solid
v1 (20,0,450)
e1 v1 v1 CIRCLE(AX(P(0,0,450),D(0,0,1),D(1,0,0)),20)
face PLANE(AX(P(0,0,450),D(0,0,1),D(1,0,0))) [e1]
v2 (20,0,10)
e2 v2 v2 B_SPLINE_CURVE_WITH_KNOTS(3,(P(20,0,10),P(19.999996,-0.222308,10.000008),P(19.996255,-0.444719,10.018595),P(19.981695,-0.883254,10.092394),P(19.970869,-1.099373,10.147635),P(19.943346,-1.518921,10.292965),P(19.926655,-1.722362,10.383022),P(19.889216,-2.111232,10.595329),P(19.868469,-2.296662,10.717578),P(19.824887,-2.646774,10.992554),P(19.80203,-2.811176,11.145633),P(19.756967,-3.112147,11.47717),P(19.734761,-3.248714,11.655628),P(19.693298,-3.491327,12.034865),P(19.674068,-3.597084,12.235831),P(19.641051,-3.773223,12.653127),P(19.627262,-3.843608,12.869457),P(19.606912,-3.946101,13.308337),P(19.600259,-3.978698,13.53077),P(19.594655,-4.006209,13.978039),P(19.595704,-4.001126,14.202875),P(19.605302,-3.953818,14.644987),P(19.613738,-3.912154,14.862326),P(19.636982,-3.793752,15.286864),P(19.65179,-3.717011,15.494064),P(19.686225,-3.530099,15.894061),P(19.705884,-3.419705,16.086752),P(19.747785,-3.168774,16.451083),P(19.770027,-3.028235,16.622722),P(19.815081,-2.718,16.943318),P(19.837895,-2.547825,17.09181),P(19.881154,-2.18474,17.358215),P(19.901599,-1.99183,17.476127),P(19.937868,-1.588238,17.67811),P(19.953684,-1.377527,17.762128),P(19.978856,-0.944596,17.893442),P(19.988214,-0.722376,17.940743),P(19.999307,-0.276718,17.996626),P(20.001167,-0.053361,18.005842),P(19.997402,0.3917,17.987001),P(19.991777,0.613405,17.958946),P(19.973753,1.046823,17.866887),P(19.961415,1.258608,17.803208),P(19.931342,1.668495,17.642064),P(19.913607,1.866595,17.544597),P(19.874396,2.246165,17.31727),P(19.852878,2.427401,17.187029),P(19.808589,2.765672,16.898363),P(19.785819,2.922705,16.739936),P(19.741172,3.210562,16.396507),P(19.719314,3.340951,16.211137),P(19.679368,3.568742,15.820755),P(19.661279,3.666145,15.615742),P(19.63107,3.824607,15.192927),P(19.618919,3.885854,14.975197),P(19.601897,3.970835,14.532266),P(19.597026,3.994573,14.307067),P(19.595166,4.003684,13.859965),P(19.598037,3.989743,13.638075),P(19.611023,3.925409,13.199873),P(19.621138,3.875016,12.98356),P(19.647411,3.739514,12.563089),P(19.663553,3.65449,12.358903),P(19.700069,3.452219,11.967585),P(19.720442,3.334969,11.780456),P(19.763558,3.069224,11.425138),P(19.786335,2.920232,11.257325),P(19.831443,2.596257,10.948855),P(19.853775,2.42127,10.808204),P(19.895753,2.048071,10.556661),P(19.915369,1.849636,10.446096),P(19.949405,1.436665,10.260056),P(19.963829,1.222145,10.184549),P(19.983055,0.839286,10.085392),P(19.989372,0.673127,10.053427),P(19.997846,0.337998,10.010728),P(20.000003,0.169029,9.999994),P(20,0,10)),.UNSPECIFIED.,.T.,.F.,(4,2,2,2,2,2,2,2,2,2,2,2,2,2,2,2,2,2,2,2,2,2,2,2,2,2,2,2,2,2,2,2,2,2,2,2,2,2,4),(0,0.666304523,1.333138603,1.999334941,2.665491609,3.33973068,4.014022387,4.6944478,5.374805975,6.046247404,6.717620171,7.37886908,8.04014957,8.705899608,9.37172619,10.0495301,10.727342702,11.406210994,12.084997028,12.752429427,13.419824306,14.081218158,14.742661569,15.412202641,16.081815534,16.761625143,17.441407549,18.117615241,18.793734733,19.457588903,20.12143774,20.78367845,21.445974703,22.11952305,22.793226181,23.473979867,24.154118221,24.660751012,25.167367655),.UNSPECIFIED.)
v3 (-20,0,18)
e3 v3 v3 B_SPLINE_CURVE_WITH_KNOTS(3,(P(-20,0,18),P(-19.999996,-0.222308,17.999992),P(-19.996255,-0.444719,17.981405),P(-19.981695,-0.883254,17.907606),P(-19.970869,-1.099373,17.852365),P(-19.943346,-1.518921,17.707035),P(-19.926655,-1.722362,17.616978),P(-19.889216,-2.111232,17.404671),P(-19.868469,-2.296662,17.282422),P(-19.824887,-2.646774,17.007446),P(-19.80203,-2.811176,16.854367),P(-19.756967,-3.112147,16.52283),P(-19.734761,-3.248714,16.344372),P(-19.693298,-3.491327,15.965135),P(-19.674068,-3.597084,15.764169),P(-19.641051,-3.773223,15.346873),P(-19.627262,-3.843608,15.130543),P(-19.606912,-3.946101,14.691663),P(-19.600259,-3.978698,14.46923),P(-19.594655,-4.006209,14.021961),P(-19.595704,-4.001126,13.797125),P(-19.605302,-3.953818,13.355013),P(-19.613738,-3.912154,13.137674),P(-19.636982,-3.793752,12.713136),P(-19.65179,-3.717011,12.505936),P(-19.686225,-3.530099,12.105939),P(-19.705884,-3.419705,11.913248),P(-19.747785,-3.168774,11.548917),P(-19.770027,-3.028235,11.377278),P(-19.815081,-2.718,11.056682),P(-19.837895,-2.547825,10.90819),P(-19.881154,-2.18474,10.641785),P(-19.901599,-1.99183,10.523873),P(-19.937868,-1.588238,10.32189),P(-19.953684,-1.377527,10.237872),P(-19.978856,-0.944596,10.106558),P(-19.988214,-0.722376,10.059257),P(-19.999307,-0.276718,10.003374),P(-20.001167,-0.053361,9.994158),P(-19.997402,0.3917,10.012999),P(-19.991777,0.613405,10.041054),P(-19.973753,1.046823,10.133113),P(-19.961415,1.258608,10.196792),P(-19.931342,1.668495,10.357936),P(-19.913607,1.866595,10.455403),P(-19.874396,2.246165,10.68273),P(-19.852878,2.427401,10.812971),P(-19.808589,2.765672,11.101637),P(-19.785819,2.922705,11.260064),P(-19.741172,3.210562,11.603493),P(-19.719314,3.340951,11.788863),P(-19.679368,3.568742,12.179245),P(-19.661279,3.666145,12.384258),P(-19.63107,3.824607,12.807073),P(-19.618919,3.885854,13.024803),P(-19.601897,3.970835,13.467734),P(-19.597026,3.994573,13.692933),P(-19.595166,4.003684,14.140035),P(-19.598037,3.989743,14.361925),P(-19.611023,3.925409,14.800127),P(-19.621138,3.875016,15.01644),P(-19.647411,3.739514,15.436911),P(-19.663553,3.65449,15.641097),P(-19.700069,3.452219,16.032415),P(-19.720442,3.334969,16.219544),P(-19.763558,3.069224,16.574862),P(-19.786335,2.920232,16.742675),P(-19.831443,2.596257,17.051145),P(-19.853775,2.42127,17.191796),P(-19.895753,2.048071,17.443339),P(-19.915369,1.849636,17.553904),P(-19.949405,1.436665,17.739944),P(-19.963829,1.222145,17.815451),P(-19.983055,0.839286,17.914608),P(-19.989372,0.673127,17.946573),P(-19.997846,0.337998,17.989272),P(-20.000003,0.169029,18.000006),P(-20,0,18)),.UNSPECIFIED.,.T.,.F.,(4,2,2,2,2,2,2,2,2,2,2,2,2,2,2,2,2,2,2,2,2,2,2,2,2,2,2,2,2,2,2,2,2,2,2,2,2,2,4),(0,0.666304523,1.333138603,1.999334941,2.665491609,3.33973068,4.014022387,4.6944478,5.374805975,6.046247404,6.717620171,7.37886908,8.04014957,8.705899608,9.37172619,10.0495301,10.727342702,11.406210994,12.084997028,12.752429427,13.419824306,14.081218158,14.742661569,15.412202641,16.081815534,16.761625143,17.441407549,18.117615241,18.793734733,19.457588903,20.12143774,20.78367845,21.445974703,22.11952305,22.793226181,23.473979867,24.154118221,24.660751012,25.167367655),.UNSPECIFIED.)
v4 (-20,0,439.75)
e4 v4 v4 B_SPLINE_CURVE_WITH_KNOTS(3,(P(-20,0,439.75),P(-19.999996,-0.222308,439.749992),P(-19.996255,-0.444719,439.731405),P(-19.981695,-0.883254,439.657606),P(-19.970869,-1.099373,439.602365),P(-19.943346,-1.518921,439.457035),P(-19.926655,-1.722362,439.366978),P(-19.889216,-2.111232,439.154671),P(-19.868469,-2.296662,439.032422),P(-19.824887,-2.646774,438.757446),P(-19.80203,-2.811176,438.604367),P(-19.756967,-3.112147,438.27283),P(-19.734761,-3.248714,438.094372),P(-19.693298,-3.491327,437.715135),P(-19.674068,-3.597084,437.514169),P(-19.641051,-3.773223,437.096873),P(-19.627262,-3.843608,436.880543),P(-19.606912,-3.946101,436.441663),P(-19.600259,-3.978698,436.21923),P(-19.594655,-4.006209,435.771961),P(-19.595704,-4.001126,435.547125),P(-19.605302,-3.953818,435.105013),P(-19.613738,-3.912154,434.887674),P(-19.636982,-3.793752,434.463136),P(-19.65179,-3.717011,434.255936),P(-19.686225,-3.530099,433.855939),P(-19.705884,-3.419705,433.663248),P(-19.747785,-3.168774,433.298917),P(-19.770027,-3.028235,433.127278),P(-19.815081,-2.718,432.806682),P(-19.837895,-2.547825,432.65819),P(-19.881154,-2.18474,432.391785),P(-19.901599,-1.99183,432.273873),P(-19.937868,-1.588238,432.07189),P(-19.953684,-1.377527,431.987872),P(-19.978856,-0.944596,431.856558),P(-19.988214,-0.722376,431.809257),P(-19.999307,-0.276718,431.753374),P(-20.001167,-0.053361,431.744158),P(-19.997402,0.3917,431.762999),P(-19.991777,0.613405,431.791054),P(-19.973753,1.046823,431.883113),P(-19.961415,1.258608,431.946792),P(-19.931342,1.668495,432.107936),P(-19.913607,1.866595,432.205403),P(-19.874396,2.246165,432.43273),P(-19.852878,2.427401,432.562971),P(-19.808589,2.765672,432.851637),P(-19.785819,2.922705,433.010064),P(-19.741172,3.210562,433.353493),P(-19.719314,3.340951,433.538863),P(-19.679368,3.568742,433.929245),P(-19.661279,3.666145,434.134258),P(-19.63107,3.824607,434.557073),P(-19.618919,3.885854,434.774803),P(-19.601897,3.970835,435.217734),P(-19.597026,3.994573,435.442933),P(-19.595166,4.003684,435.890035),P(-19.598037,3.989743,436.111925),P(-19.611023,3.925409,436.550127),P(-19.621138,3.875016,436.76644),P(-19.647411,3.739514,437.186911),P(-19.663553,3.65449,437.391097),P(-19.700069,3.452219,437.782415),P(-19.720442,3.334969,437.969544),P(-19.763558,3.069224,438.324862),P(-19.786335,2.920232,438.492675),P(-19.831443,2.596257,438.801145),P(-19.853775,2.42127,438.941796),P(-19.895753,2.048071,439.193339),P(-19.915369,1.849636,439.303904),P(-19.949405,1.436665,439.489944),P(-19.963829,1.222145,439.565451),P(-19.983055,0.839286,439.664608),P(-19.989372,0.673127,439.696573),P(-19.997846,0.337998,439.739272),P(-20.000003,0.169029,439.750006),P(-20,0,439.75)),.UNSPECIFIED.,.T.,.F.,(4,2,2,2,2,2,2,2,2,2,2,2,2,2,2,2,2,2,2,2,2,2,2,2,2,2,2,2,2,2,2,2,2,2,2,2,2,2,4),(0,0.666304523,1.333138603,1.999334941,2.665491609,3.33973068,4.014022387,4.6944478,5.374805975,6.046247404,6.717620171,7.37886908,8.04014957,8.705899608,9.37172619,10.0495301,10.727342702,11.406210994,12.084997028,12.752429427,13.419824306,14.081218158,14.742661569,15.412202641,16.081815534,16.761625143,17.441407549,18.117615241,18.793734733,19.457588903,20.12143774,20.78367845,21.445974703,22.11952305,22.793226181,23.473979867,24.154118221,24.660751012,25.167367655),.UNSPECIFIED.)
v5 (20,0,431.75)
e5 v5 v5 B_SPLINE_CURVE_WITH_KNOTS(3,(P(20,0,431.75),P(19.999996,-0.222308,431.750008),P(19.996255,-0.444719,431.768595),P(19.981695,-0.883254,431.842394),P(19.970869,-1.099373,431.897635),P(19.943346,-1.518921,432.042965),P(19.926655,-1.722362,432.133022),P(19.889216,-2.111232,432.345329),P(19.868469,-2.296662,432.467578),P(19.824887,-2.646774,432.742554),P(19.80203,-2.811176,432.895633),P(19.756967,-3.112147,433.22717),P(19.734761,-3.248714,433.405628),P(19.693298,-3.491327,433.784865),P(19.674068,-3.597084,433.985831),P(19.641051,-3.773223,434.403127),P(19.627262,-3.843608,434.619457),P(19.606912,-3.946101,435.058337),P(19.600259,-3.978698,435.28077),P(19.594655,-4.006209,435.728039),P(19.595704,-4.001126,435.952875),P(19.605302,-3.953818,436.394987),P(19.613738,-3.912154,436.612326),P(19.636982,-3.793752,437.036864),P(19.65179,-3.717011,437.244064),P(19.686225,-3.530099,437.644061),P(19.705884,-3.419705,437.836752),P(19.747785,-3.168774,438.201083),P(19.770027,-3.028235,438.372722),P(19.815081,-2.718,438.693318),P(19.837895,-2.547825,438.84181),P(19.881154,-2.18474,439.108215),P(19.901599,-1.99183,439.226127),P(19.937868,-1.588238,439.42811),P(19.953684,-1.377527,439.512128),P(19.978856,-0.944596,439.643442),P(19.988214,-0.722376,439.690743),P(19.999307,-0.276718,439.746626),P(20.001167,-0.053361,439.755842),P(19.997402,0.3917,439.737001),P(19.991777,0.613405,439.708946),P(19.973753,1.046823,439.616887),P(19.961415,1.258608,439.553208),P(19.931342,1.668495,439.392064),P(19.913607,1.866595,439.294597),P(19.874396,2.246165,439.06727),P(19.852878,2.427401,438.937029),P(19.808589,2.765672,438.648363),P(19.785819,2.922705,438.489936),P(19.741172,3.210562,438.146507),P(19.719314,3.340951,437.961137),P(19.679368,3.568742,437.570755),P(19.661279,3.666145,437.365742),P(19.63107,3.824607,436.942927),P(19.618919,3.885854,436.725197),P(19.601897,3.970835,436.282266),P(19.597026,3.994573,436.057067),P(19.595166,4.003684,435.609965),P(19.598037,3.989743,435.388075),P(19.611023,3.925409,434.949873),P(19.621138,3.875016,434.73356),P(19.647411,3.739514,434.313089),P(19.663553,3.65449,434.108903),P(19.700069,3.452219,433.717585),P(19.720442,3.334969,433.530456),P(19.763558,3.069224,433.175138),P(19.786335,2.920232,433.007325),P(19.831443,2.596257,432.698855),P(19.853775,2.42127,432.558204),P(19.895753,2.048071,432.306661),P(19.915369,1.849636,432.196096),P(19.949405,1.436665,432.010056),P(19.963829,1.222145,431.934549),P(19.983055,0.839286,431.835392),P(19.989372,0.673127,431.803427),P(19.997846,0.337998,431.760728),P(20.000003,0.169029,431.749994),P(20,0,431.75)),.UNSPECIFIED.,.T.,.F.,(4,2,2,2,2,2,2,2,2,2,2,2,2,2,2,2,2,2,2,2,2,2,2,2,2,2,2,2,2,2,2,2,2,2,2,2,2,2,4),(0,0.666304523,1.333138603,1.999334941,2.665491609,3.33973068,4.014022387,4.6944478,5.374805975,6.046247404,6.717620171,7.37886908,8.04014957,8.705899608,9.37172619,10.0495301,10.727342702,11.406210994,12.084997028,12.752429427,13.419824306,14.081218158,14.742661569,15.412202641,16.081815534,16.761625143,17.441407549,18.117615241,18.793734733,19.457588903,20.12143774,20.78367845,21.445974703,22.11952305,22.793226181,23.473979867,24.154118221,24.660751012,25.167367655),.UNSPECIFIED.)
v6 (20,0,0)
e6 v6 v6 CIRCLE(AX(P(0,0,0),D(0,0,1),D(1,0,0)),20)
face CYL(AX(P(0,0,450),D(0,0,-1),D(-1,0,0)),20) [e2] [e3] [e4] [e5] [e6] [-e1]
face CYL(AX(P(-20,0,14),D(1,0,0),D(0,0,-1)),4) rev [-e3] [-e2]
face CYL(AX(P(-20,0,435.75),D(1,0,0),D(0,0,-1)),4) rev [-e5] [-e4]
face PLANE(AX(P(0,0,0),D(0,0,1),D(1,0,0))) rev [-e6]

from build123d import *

# Parameters (mm, degrees)
SKETCH1_R               = 20
BOSS_EXTRUDE1_DEPTH     = 450
SKETCH2_R               = 4
CUT_EXTRUDE1_DEPTH      = 21
CUT_EXTRUDE1_DEPTH_BACK = 21


with BuildPart() as part:
    # Sketch1 → Boss-Extrude1 (new body)
    with BuildSketch(Plane.XY):
        Circle(SKETCH1_R)
    extrude(amount=BOSS_EXTRUDE1_DEPTH)

    # Sketch2 → Cut-Extrude1 (cut, two sides)
    with BuildSketch(Plane(origin=(0, 0, 0), x_dir=(0, 0, -1), z_dir=(1, 0, 0))) as cut_extrude1_sk:
        with Locations((-435.75, 0)):
            Circle(SKETCH2_R)
        with Locations((-14, 0)):
            Circle(SKETCH2_R)
    extrude(amount=CUT_EXTRUDE1_DEPTH, mode=Mode.SUBTRACT)
    extrude(cut_extrude1_sk.sketch, amount=-CUT_EXTRUDE1_DEPTH_BACK, mode=Mode.SUBTRACT)


solid = part.part
